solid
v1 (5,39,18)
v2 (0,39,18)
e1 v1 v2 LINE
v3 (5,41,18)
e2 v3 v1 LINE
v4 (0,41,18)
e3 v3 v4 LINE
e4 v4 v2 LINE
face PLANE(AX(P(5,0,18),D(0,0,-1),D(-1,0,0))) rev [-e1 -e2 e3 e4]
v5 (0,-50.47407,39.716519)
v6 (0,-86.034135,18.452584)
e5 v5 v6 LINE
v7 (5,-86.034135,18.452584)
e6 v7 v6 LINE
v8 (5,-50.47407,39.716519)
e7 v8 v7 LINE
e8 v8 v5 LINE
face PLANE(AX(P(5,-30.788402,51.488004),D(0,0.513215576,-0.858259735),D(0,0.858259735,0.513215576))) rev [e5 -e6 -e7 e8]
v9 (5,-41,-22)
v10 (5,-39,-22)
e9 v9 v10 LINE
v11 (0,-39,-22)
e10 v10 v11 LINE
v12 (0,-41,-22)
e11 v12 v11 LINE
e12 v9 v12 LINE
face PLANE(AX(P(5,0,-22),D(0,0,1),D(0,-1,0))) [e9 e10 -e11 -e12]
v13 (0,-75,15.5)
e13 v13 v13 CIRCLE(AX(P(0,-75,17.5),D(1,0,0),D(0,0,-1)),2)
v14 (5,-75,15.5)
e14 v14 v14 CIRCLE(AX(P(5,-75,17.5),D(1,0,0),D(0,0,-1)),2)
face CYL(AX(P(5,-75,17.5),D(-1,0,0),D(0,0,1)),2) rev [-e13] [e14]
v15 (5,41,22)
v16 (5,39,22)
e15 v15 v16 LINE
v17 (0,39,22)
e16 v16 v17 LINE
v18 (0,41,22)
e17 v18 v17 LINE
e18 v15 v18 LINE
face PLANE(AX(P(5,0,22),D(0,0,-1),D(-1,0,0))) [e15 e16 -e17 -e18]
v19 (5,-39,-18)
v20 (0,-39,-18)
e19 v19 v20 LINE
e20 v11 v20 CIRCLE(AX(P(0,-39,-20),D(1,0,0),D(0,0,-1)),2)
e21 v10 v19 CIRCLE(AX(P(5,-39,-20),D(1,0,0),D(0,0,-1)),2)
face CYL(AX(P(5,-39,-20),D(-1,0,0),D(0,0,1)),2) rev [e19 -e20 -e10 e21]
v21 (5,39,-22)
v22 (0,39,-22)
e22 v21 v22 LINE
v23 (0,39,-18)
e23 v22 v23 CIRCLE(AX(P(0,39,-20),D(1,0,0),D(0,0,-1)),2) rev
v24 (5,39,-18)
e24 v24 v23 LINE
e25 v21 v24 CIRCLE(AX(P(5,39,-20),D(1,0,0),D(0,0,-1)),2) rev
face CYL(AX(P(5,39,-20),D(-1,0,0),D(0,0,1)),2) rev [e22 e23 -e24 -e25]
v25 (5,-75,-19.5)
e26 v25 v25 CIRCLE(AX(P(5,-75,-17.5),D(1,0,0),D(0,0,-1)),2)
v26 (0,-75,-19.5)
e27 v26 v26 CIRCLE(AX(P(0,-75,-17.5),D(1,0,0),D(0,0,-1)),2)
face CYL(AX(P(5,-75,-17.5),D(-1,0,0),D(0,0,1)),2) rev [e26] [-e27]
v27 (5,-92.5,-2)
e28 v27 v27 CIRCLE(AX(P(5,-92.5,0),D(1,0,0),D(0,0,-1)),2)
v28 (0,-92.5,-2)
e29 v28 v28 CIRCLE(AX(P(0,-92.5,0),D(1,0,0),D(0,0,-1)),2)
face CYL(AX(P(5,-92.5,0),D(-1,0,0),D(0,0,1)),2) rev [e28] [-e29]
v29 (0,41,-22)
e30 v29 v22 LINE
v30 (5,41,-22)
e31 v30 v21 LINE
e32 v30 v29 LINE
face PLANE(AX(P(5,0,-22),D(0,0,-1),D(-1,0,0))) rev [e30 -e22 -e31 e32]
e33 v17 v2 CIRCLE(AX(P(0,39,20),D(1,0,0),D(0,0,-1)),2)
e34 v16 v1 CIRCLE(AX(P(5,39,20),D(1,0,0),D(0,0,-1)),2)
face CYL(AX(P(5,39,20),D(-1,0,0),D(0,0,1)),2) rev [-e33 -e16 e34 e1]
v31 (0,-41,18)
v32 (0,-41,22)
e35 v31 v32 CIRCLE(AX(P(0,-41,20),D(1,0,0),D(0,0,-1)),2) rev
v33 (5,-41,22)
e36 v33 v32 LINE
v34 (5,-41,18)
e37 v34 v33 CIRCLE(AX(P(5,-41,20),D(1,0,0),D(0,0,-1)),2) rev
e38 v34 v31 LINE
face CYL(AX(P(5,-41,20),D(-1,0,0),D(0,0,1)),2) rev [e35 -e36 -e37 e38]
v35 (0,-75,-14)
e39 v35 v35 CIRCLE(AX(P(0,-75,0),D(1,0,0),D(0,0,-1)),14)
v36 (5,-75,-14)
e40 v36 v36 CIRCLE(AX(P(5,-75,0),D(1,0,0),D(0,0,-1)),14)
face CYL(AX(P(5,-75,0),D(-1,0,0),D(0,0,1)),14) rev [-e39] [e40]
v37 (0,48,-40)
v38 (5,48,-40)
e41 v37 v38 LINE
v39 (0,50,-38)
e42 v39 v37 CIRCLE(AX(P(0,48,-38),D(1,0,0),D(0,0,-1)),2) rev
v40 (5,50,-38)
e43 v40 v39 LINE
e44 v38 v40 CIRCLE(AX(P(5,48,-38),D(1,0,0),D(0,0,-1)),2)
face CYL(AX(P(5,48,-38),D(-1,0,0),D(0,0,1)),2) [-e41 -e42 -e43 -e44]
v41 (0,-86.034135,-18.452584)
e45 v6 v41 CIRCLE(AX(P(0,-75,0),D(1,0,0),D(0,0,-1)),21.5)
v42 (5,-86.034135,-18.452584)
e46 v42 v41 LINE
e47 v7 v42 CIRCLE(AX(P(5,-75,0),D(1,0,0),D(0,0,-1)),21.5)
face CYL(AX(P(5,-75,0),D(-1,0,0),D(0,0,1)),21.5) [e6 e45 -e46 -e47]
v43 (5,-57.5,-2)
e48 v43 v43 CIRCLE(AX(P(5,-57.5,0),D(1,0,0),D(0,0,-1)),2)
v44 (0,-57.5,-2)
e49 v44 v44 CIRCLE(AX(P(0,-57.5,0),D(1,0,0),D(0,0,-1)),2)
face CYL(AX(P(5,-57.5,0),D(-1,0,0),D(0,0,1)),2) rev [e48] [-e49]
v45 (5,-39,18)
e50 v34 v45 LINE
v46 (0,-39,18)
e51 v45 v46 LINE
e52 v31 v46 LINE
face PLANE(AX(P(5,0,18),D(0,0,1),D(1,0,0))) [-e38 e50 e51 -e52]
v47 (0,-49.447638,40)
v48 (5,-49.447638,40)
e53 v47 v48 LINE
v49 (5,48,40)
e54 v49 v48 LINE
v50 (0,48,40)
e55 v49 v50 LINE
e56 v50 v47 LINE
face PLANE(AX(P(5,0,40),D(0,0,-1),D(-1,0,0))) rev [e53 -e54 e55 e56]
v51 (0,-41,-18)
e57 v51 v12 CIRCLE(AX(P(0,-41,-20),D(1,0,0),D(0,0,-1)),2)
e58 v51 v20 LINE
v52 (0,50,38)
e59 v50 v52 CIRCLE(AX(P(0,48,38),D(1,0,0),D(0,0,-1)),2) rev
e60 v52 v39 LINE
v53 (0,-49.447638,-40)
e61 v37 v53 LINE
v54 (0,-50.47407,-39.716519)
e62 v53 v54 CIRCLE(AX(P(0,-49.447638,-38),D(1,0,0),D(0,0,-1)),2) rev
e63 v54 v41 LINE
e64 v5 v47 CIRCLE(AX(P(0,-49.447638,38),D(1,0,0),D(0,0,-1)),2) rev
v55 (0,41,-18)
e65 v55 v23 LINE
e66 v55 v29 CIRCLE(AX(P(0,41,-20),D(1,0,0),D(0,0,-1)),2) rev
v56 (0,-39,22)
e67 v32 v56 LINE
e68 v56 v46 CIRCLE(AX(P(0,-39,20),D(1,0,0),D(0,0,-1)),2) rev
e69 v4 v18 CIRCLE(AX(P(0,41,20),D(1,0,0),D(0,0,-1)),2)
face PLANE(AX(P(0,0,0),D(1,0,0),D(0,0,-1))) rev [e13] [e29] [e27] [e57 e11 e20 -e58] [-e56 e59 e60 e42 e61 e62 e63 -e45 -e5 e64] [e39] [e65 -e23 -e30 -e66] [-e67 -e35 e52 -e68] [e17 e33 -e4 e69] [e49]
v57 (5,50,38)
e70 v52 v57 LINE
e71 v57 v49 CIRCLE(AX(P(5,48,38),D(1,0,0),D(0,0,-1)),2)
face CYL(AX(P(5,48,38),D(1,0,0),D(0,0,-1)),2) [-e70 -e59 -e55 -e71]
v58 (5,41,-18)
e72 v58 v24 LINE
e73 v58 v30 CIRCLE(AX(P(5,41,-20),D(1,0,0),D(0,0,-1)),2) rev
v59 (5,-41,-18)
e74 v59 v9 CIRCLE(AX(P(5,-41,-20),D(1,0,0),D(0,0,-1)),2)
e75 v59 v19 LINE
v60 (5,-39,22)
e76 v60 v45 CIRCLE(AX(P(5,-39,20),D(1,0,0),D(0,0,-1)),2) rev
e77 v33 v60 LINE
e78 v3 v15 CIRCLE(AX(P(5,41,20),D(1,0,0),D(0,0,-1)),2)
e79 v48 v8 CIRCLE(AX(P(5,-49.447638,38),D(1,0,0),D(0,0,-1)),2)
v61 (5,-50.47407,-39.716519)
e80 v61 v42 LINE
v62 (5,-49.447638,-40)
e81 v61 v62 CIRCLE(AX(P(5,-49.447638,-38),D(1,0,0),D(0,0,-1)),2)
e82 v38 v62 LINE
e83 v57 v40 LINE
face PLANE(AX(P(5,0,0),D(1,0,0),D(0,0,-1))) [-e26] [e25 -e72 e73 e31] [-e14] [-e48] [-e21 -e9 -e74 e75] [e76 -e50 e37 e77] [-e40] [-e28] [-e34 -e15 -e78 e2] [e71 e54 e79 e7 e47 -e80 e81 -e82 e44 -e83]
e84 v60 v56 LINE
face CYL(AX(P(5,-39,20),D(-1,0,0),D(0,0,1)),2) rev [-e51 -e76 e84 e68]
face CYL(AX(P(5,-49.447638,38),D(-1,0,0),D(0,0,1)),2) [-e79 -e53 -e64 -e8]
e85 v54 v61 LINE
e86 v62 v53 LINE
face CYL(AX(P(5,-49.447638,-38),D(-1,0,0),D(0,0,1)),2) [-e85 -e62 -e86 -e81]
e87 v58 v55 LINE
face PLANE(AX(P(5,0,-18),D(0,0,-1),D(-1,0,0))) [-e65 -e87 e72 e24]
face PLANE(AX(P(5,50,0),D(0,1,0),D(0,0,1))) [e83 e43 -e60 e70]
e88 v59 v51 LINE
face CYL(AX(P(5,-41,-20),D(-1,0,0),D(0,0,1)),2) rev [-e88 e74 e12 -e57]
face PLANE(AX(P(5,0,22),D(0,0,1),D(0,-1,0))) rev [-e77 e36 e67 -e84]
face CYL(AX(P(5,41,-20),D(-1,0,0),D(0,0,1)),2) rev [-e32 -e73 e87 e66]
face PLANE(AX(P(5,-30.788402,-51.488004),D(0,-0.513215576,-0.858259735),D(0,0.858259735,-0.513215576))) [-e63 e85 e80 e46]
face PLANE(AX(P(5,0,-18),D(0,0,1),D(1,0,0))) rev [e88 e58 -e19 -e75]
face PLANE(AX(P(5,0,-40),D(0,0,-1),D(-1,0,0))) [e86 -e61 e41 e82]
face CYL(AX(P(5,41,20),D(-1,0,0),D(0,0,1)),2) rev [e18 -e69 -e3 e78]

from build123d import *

# Parameters (mm, degrees)
SKETCH1_W           = 80
SKETCH1_H           = 100
SKETCH1_R           = 21.5
SKETCH1_R_2         = 14
SKETCH1_R_3         = 2
BOSS_EXTRUDE1_DEPTH = 5
FILLET1_R           = 2


with BuildPart() as part:
    # Sketch1 → Boss-Extrude1 (new body)
    with BuildSketch(Plane(origin=(0, 0, 0), x_dir=(0, 0, -1), z_dir=(1, 0, 0))):
        Rectangle(SKETCH1_W, SKETCH1_H)
        with BuildLine():
            ThreePointArc((22, -39), (20, -37), (18, -39))
            Line((18, -39), (18, -41))
            ThreePointArc((18, -41), (20, -43), (22, -41))
            Line((22, -41), (22, -39))
        make_face(mode=Mode.SUBTRACT)
        with BuildLine():
            ThreePointArc((-22, 39), (-20, 37), (-18, 39))
            Line((-18, 39), (-18, 41))
            ThreePointArc((-18, 41), (-20, 43), (-22, 41))
            Line((-22, 41), (-22, 39))
        make_face(mode=Mode.SUBTRACT)
        with BuildLine():
            Line((22, 41), (22, 39))
            ThreePointArc((22, 39), (20, 37), (18, 39))
            Line((18, 39), (18, 41))
            ThreePointArc((18, 41), (20, 43), (22, 41))
        make_face(mode=Mode.SUBTRACT)
        with BuildLine():
            Line((-22, -41), (-22, -39))
            ThreePointArc((-22, -39), (-20, -37), (-18, -39))
            Line((-18, -39), (-18, -41))
            ThreePointArc((-18, -41), (-20, -43), (-22, -41))
        make_face(mode=Mode.SUBTRACT)
        with BuildLine():
            Line((40, -50), (-40, -50))
            Line((-40, -50), (-18.452584301, -86.034134882))
            ThreePointArc((-18.452584301, -86.034134882), (-5.72361064, -54.275852702), (21.5, -75))
            ThreePointArc((21.5, -75), (20.724147298, -80.72361064), (18.452584301, -86.034134882))
            Line((18.452584301, -86.034134882), (40, -50))
        make_face()
        with Locations((0, -75)):
            Circle(SKETCH1_R)
        with Locations((0, -75)):
            Circle(SKETCH1_R_2, mode=Mode.SUBTRACT)
        with Locations((17.5, -75)):
            Circle(SKETCH1_R_3, mode=Mode.SUBTRACT)
        with Locations((0, -92.5)):
            Circle(SKETCH1_R_3, mode=Mode.SUBTRACT)
        with Locations((-17.5, -75)):
            Circle(SKETCH1_R_3, mode=Mode.SUBTRACT)
        with Locations((0, -57.5)):
            Circle(SKETCH1_R_3, mode=Mode.SUBTRACT)
    extrude(amount=BOSS_EXTRUDE1_DEPTH)

    # Fillet1
    fillet1_edges = [part.edges().sort_by_distance(p)[0] for p in [
        (2.5, -50, -40),
        (2.5, -50, 40),
        (2.5, 50, 40),
        (2.5, 50, -40),
    ]]
    fillet(fillet1_edges, radius=FILLET1_R)


solid = part.part
